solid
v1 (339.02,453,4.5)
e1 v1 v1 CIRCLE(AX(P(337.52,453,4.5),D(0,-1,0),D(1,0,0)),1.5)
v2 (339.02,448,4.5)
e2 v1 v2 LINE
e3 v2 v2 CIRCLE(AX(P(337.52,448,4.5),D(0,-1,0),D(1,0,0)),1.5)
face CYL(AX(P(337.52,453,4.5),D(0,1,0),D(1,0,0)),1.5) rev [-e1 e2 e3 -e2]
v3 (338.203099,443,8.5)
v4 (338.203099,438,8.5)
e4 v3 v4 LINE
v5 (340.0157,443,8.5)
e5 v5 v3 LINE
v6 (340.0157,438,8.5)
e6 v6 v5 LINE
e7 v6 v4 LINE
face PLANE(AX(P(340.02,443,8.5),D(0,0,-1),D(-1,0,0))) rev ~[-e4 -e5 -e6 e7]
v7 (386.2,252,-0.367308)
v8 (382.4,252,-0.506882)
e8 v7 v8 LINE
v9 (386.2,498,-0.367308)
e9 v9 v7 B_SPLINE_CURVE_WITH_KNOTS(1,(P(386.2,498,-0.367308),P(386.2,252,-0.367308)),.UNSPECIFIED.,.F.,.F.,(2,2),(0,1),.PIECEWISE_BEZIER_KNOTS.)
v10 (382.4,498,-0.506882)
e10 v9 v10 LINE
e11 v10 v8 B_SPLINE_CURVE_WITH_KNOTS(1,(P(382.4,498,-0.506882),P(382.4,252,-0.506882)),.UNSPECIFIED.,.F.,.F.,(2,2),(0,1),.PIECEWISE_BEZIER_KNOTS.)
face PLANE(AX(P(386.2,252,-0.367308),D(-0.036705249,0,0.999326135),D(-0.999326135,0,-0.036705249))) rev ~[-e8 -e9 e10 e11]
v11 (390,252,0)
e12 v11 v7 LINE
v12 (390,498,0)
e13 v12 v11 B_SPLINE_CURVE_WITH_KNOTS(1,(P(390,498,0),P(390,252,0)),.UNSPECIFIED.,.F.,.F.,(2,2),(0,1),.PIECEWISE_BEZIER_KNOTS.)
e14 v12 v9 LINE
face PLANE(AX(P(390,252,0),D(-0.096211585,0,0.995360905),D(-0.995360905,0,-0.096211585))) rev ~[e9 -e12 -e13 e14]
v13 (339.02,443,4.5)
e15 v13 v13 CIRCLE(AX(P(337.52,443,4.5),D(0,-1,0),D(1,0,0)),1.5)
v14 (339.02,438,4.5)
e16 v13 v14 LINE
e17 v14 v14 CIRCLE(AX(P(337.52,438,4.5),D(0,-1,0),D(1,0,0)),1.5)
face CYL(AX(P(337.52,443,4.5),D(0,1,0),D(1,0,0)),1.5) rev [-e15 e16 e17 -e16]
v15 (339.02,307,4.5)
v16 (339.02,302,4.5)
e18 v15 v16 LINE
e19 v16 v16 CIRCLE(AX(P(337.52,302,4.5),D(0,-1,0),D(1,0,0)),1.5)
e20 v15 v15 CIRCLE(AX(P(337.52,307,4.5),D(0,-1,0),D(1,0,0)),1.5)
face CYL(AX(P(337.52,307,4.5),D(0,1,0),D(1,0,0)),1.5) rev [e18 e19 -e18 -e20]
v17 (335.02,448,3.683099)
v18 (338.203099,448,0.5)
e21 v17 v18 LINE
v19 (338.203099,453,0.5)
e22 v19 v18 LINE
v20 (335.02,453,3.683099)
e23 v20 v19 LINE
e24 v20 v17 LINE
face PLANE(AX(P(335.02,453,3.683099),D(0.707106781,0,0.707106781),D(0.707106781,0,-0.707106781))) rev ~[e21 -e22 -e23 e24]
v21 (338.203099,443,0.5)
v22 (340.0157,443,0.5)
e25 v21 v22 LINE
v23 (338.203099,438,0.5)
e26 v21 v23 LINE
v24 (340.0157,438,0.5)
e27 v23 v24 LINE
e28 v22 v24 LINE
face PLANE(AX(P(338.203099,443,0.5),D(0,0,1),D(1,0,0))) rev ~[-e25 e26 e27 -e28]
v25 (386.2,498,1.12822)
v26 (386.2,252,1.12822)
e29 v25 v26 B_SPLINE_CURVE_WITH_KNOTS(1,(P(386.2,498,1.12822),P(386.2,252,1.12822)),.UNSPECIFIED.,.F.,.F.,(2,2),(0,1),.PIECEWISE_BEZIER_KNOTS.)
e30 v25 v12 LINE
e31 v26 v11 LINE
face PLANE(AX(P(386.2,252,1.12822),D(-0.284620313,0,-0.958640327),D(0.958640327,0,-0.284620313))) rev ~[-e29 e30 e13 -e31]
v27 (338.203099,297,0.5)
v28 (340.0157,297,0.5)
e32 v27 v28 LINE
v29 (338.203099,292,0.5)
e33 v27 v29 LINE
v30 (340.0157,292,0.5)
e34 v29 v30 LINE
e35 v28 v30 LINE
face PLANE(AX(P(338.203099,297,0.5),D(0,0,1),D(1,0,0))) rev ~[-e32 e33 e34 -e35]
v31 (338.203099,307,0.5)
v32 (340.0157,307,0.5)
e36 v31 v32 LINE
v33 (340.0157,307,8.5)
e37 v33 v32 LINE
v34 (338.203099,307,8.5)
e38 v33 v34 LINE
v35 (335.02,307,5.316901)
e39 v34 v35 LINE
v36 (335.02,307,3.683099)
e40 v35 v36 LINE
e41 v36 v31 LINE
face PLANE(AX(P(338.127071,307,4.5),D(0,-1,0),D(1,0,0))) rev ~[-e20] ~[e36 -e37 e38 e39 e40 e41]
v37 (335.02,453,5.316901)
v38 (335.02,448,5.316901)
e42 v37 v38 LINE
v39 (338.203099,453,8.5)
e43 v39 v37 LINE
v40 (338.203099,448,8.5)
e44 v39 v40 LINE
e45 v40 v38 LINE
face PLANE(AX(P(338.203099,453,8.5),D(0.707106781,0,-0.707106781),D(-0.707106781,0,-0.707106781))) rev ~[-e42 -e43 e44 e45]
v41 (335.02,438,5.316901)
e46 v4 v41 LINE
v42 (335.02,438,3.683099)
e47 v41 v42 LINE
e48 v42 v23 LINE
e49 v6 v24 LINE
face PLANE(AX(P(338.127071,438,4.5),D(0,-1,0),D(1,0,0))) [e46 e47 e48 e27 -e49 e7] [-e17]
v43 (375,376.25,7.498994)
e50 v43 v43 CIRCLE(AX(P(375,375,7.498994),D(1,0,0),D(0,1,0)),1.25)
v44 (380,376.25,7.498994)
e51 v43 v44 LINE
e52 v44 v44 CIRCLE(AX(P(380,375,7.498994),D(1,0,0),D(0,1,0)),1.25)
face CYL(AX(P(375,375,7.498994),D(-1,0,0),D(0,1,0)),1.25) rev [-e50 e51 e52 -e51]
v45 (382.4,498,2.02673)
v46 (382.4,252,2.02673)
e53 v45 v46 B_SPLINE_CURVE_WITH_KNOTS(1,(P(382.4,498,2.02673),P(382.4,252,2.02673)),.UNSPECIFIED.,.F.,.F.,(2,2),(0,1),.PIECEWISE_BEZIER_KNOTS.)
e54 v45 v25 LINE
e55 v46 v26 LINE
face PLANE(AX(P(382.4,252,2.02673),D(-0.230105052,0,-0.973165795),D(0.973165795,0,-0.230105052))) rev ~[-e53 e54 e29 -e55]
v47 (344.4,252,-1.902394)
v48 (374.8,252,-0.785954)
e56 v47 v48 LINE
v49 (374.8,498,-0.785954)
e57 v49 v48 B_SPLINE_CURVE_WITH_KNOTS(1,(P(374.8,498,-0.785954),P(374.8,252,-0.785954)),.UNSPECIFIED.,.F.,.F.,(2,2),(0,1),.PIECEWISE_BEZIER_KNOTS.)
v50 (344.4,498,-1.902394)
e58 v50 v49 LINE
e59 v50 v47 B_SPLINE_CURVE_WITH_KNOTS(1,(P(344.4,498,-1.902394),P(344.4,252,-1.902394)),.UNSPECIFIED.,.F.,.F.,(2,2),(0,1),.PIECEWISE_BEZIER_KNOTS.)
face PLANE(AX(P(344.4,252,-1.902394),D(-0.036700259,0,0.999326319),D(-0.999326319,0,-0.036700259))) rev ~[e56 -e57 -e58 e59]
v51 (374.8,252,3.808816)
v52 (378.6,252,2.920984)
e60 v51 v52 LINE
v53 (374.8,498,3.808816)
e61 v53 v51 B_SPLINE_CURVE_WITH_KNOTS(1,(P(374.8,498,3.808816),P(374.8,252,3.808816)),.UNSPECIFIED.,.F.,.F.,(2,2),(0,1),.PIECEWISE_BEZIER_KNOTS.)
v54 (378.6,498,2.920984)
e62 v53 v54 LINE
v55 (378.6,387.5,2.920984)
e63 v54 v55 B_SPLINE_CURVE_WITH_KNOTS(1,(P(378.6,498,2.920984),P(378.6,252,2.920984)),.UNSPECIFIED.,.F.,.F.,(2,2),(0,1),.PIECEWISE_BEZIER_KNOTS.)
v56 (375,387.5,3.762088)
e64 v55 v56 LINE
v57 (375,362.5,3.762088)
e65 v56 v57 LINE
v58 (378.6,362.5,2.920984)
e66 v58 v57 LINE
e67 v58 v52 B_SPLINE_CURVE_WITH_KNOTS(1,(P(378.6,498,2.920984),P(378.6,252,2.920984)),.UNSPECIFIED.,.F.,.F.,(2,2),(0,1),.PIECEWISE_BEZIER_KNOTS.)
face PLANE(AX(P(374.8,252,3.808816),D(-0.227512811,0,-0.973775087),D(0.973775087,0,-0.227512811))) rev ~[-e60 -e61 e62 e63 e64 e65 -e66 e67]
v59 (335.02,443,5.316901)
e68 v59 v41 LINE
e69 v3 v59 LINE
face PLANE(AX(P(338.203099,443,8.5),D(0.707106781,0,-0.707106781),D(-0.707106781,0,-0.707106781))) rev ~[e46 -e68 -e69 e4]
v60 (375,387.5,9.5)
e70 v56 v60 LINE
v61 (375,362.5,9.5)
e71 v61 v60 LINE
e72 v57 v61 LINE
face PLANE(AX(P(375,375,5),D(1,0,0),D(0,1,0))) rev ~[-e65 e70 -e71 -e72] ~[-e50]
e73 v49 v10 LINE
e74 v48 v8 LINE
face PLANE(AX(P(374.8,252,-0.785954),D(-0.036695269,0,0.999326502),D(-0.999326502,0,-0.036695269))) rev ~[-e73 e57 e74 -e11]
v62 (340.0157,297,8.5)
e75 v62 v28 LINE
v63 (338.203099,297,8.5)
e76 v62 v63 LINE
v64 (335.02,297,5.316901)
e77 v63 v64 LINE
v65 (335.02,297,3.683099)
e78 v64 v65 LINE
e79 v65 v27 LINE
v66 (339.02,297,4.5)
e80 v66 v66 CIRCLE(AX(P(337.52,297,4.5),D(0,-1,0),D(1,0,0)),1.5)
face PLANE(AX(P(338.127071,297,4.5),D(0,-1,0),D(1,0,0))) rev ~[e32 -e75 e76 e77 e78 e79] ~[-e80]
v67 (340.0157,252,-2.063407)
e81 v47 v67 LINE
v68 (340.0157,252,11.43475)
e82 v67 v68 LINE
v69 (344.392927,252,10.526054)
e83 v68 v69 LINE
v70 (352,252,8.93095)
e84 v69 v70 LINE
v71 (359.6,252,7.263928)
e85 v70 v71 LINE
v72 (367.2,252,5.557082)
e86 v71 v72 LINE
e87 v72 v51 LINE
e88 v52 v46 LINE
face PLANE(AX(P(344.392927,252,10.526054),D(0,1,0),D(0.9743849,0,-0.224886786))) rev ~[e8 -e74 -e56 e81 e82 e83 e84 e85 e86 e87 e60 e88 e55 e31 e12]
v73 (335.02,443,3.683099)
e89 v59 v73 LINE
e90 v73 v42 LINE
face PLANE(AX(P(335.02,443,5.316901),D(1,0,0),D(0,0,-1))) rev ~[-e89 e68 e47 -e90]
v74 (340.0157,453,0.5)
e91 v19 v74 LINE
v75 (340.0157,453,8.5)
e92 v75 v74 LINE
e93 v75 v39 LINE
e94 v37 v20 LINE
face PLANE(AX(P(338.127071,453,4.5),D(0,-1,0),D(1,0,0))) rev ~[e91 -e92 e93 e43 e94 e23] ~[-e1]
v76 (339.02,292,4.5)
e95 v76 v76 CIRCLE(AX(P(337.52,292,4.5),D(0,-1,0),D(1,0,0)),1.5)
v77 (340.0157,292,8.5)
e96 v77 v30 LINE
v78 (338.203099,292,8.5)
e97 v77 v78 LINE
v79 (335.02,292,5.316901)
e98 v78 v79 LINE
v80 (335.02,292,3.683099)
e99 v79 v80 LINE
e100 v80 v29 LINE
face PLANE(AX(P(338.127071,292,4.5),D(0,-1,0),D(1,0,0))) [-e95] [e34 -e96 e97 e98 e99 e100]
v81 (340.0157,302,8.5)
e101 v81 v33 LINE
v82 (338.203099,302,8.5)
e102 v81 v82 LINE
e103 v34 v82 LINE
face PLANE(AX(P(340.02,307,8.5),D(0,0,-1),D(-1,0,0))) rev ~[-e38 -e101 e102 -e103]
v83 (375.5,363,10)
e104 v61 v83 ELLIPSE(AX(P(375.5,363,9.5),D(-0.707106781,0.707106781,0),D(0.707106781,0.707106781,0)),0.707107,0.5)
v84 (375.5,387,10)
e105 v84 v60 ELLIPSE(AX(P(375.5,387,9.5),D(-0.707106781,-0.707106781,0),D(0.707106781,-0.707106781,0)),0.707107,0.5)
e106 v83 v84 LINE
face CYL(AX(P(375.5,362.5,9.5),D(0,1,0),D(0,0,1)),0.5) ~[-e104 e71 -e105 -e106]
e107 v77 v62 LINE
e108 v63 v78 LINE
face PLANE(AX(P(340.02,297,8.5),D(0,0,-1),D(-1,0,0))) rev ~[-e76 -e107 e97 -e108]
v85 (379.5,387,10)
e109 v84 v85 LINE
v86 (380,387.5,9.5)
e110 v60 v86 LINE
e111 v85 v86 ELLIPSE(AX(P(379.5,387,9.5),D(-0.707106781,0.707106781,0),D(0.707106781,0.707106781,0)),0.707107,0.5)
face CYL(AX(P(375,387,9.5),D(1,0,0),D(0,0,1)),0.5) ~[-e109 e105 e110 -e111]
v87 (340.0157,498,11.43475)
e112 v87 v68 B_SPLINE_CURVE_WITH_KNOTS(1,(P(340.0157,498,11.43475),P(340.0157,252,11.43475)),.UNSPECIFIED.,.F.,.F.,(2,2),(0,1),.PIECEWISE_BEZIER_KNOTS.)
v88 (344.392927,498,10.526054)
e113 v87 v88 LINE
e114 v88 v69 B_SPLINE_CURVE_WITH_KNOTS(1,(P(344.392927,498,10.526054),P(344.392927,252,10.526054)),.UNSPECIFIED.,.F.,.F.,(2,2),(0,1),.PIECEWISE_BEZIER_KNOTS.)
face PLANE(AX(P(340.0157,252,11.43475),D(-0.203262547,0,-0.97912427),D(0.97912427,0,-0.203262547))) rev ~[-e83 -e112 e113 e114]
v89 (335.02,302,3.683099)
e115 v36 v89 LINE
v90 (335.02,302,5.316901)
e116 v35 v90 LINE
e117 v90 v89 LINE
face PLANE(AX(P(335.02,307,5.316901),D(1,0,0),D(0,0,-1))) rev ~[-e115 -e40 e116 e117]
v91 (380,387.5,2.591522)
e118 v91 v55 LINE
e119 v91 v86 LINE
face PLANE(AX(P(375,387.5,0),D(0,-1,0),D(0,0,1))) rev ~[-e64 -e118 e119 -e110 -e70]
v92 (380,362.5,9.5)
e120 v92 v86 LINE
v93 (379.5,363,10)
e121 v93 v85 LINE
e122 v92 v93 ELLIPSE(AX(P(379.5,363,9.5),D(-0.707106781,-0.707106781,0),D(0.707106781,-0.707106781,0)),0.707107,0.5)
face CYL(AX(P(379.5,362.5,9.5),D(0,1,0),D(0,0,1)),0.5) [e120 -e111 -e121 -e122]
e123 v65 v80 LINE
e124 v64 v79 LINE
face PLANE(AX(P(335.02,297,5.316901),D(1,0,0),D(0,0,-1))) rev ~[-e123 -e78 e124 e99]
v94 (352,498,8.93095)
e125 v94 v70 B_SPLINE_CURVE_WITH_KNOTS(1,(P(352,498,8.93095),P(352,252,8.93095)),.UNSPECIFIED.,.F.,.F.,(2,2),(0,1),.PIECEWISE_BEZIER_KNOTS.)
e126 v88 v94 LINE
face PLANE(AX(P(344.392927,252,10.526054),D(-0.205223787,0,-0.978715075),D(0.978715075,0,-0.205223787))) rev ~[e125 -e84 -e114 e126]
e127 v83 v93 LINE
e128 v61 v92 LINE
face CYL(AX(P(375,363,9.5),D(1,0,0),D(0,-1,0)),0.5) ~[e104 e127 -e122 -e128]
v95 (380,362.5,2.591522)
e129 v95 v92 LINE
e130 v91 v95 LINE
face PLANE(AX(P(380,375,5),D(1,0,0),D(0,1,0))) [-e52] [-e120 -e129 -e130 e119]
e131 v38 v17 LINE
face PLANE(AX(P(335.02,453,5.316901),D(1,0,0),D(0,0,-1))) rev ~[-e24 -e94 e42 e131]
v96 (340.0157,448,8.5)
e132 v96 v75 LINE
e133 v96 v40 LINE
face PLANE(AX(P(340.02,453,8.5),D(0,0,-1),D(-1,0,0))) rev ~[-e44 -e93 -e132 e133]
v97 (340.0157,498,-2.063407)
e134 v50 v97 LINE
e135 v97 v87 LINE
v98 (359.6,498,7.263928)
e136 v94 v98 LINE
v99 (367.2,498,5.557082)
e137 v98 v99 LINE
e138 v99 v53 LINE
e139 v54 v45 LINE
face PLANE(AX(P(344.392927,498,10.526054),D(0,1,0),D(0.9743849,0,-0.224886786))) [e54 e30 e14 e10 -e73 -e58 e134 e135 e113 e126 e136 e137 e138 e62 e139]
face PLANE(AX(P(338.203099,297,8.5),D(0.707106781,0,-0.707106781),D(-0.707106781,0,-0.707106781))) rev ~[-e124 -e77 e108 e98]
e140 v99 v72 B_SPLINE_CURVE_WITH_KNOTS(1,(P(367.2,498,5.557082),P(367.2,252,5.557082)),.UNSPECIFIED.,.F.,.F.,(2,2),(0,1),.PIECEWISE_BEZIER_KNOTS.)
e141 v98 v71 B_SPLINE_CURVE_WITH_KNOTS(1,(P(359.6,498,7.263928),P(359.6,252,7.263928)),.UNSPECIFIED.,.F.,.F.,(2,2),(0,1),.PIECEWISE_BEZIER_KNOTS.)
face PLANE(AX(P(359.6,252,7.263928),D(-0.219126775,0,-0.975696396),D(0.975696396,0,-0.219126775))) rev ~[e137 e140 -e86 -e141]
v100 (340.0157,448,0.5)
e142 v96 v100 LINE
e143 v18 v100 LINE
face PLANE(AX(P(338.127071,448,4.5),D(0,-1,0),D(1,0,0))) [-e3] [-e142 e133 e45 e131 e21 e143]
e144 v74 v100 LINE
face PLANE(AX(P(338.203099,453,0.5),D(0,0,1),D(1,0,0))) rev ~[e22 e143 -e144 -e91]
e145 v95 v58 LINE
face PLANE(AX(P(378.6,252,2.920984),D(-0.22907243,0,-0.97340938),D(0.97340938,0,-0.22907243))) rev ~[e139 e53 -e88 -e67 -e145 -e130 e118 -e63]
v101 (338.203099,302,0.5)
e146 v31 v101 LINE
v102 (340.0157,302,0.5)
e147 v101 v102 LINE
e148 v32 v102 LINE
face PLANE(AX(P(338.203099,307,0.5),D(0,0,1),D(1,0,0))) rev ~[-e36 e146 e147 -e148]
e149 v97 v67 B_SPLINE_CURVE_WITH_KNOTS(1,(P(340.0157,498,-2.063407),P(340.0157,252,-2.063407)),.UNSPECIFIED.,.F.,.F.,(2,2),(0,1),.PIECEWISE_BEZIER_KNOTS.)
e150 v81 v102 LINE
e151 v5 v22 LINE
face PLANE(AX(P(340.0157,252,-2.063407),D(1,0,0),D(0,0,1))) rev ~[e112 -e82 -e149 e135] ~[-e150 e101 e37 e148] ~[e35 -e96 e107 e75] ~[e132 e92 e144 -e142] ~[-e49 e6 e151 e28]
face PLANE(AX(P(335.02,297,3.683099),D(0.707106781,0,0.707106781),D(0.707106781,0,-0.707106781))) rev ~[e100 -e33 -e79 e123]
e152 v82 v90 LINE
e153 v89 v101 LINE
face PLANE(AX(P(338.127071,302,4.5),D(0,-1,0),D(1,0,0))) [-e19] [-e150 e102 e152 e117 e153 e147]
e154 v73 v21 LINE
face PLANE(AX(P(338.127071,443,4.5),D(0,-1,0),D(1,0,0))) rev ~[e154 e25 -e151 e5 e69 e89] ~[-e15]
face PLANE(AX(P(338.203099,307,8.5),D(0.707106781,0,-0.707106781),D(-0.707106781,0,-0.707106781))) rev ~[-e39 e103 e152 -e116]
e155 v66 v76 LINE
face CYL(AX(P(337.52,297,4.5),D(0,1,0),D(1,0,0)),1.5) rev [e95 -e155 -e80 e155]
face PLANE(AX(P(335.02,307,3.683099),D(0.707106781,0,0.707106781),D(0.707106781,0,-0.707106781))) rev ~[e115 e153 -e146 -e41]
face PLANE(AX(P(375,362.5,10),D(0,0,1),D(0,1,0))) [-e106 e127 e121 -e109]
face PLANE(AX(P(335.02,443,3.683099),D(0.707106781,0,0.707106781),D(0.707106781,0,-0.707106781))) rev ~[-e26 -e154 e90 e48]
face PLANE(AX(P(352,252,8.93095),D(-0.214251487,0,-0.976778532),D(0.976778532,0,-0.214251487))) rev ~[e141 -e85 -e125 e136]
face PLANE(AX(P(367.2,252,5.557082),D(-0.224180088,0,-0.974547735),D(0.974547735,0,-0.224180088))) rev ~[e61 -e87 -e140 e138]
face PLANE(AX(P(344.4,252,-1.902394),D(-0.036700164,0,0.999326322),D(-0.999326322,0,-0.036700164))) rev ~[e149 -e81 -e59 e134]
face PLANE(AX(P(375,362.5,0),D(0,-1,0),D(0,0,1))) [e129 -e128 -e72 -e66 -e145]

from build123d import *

# Parameters (mm, degrees)
SKETCH020_R  = 1.5
PAD005_DEPTH = 5
SKETCH021_R  = 1.5
PAD007_DEPTH = 5
SKETCH018_R  = 1.5
PAD004_DEPTH = 5
SKETCH017_R  = 1.5
PAD008_DEPTH = 5
SKETCH025_W  = 25
SKETCH025_H  = 10
SKETCH025_R  = 1.25
PAD014_DEPTH = 5
FILLET_R     = 0.5


with BuildPart() as body012:
    # Sketch020 → Pad005 (new body)
    with BuildSketch(Plane(origin=(0.02, 0, 0), x_dir=(1, 0, 0), z_dir=(0, -1, 0))):
        Polygon((0.683099, -4), (2.5, -4), (2.5, 4), (0.683099, 4), (-2.5, 0.816901), (-2.5, -0.816901), align=None)
        Circle(SKETCH020_R, mode=Mode.SUBTRACT)
    extrude(amount=PAD005_DEPTH)


with BuildPart() as body012_1:
    # Body012 placement: moved
    add(body012.part.moved(Location((337.5, 453, 4.5))))


with BuildPart() as body013:
    # Sketch021 → Pad007 (new body)
    with BuildSketch(Plane(origin=(0.02, 0, 0), x_dir=(1, 0, 0), z_dir=(0, -1, 0))):
        Polygon((0.683099, -4), (2.5, -4), (2.5, 4), (0.683099, 4), (-2.5, 0.816901), (-2.5, -0.816901), align=None)
        Circle(SKETCH021_R, mode=Mode.SUBTRACT)
    extrude(amount=PAD007_DEPTH)


with BuildPart() as body013_1:
    # Body013 placement: moved
    add(body013.part.moved(Location((337.5, 443, 4.5))))


with BuildPart() as body010:
    # Sketch018 → Pad004 (new body)
    with BuildSketch(Plane(origin=(0.02, 0, 0), x_dir=(1, 0, 0), z_dir=(0, -1, 0))):
        Polygon((0.683099, -4), (2.5, -4), (2.5, 4), (0.683099, 4), (-2.5, 0.816901), (-2.5, -0.816901), align=None)
        Circle(SKETCH018_R, mode=Mode.SUBTRACT)
    extrude(amount=PAD004_DEPTH)


with BuildPart() as body010_1:
    # Body010 placement: moved
    add(body010.part.moved(Location((337.5, 297, 4.5))))


with BuildPart() as body009:
    # Sketch017 → Pad008 (new body)
    with BuildSketch(Plane(origin=(0.02, 0, 0), x_dir=(1, 0, 0), z_dir=(0, -1, 0))):
        Polygon((0.683099, -4), (2.5, -4), (2.5, 4), (0.683099, 4), (-2.5, 0.816901), (-2.5, -0.816901), align=None)
        Circle(SKETCH017_R, mode=Mode.SUBTRACT)
    extrude(amount=PAD008_DEPTH)


with BuildPart() as body009_1:
    # Body009 placement: moved
    add(body009.part.moved(Location((337.5, 307, 4.5))))


with BuildPart() as hinge_aileron:
    # Sketch025 → Pad014 (new body)
    with BuildSketch(Plane.YZ):
        Rectangle(SKETCH025_W, SKETCH025_H)
        with Locations((0, 2.498994)):
            Circle(SKETCH025_R, mode=Mode.SUBTRACT)
    extrude(amount=PAD014_DEPTH)

    # Fillet
    fillet_edges = [hinge_aileron.edges().sort_by_distance(p)[0] for p in [
        (2.5, 12.5, 5),
        (2.5, -12.5, 5),
        (0, 0, 5),
        (5, 0, 5),
    ]]
    fillet(fillet_edges, radius=FILLET_R)


with BuildPart() as hinge_aileron_1:
    # Body017 placement: moved
    add(hinge_aileron.part.moved(Location((375, 375, 5))))


with BuildPart() as aileron:
    # Sketch012 → AdditiveLoft001 section 0
    with BuildSketch(Plane(origin=(10, 498, 0), x_dir=(1, 0, 0), z_dir=(0, -1, 0))):
        Polygon((334.392927, 10.526054), (342, 8.93095), (349.6, 7.263928), (357.2, 5.557082), (364.8, 3.808816), (368.6, 2.920984), (372.4, 2.02673), (376.2, 1.12822), (380, 0), (376.2, -0.367308), (372.4, -0.506882), (368.6, -0.646418), (364.8, -0.785954), (357.2, -1.065064), (349.6, -1.344174), (342, -1.623284), (334.4, -1.902394), (330.0157, -2.063407), (330.0157, 11.43475), align=None)
    # Sketch014 → AdditiveLoft001 section 1
    with BuildSketch(Plane(origin=(10, 252, 0), x_dir=(1, 0, 0), z_dir=(0, -1, 0))):
        Polygon((334.392927, 10.526054), (342, 8.93095), (349.6, 7.263928), (357.2, 5.557082), (364.8, 3.808816), (368.6, 2.920984), (372.4, 2.02673), (376.2, 1.12822), (380, 0), (376.2, -0.367308), (372.4, -0.506882), (368.6, -0.646418), (364.8, -0.785954), (357.2, -1.065064), (349.6, -1.344174), (342, -1.623284), (334.4, -1.902394), (330.0157, -2.063407), (330.0157, 11.43475), align=None)
    loft()

    # Boolean002: union Body012, Body013, Body010, Body009
    add(body012_1.part)
    add(body013_1.part)
    add(body010_1.part)
    add(body009_1.part)

    # Boolean004: union hinge_aileron
    add(hinge_aileron_1.part)


solid = aileron.part
